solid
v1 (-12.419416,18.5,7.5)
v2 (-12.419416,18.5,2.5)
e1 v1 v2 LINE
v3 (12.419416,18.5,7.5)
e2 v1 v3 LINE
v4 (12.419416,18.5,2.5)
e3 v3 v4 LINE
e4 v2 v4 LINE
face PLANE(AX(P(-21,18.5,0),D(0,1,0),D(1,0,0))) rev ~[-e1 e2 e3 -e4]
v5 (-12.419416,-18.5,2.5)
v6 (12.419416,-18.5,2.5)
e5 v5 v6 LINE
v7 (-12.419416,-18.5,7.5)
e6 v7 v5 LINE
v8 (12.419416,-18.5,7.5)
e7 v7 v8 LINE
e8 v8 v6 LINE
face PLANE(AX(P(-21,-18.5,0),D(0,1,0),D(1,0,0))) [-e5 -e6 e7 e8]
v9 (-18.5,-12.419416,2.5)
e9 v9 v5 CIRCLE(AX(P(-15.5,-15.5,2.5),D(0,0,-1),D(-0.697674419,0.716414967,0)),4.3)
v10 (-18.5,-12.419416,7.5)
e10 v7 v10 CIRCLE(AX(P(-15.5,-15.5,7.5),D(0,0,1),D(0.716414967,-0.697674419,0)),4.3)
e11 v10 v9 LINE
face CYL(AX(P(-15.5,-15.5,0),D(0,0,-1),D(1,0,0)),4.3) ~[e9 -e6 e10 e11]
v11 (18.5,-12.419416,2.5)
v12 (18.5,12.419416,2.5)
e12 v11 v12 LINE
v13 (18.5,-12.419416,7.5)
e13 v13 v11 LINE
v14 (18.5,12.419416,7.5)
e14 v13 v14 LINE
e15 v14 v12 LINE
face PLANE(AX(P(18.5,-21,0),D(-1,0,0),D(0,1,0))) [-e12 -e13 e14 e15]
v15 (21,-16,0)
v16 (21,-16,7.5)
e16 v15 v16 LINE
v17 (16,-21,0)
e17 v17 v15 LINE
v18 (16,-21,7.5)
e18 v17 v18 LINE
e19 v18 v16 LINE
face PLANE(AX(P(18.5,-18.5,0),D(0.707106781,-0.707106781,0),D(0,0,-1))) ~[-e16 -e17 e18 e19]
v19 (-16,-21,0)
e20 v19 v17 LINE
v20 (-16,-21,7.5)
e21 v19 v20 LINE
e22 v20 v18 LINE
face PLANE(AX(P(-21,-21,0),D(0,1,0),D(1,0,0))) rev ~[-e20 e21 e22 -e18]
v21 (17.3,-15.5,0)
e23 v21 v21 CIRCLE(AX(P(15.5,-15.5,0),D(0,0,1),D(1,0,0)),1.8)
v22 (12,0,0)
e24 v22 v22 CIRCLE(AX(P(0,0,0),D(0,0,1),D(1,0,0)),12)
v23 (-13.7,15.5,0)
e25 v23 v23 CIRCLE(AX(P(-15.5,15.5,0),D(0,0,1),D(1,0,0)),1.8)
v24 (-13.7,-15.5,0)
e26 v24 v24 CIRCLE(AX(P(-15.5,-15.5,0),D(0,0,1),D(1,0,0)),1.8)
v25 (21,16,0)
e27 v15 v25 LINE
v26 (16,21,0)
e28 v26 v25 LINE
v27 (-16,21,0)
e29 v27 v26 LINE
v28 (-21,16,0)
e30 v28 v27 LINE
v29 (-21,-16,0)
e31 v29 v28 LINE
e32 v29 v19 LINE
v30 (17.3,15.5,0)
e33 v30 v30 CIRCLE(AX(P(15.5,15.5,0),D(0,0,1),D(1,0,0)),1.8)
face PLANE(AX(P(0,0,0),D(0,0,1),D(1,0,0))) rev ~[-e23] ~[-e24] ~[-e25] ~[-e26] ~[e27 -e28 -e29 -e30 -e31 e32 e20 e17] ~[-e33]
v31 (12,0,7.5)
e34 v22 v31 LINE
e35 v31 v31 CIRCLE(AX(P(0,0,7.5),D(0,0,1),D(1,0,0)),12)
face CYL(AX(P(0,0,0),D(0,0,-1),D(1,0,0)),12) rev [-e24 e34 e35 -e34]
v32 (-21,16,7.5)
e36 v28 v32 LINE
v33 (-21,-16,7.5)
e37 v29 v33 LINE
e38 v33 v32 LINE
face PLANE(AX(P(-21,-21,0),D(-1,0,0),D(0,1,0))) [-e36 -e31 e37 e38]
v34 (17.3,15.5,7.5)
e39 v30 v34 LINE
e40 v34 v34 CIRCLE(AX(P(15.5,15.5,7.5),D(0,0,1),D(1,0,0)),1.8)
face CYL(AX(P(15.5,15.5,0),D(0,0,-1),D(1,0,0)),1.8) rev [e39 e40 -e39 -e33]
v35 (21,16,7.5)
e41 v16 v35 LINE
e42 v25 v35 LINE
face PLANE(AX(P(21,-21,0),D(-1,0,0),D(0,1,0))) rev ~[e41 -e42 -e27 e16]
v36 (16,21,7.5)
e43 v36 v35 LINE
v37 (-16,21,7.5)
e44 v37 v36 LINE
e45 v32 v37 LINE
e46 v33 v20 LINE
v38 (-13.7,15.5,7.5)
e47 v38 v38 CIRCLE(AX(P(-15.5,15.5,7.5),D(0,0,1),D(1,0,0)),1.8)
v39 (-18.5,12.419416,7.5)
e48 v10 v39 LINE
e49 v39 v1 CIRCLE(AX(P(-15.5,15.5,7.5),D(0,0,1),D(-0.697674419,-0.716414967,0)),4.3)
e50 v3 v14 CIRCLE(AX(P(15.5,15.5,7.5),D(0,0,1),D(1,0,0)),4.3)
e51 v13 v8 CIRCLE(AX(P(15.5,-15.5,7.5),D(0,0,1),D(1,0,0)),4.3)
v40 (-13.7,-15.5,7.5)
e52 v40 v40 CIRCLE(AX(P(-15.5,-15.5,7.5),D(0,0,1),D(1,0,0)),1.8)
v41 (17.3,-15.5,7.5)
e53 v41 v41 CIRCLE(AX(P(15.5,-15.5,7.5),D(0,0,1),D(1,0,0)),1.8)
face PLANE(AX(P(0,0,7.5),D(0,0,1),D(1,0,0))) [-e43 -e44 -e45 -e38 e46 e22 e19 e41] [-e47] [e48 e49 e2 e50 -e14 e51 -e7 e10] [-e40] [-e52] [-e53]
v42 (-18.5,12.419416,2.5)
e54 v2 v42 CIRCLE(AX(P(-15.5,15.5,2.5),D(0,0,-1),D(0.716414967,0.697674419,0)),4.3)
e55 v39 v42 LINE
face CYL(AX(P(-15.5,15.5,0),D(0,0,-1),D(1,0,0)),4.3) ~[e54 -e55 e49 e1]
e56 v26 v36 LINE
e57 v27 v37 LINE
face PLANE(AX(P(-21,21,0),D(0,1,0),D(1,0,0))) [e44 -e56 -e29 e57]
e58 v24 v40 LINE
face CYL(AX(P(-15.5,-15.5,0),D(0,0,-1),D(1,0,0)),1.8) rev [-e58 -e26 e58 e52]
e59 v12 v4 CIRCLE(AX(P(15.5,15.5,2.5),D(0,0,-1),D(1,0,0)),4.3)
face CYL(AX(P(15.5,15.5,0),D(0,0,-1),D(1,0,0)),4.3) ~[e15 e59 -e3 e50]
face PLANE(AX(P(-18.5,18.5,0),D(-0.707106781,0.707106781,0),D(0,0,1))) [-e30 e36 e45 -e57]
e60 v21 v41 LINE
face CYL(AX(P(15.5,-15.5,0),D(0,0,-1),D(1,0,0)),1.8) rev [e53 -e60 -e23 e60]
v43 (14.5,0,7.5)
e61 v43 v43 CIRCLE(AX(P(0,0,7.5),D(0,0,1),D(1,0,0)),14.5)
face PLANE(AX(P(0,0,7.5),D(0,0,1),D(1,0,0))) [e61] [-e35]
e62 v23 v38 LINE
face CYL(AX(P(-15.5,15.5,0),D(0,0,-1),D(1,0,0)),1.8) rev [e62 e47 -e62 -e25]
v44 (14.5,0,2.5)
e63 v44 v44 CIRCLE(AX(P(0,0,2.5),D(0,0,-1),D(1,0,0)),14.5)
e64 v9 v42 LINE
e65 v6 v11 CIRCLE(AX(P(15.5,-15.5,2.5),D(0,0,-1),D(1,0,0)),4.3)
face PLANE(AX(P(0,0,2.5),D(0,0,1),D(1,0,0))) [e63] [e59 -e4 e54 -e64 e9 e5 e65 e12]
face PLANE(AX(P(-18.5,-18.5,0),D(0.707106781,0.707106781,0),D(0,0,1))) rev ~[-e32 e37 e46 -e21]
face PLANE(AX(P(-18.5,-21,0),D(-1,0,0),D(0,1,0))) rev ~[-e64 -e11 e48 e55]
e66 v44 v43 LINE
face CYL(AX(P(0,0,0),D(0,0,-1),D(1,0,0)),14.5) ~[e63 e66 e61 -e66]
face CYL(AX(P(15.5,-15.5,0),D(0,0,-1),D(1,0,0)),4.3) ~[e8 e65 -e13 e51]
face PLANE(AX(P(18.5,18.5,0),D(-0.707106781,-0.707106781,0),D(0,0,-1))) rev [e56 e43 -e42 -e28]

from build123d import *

# Parameters (mm, degrees)
F0_W     = 42
F0_H     = 42
F0_R     = 1.8
F0_R_2   = 12
F1_DEPTH = 7.5
F2_SIZE  = 5
F3_T     = -2.5


with BuildPart() as f1:
    # F0 (on Top) → F1 (new body)
    with BuildSketch(Plane.XY):
        Rectangle(F0_W, F0_H)
        with Locations((-15.5, -15.5)):
            Circle(F0_R, mode=Mode.SUBTRACT)
        with Locations((15.5, -15.5)):
            Circle(F0_R, mode=Mode.SUBTRACT)
        with Locations((-15.5, 15.5)):
            Circle(F0_R, mode=Mode.SUBTRACT)
        Circle(F0_R_2, mode=Mode.SUBTRACT)
        with Locations((15.5, 15.5)):
            Circle(F0_R, mode=Mode.SUBTRACT)
    extrude(amount=F1_DEPTH)

    # F2
    f2_edges = [f1.edges().sort_by_distance(p)[0] for p in [
        (21, -21, 3.75),
        (21, 21, 3.75),
        (-21, -21, 3.75),
        (-21, 21, 3.75),
    ]]
    chamfer(f2_edges, length=F2_SIZE)

    # F3
    f3_openings = [f1.faces().sort_by_distance(p)[0] for p in [
        (20.40603, 0, 7.5),
    ]]
    offset(amount=F3_T, openings=f3_openings)


solid = f1.part
